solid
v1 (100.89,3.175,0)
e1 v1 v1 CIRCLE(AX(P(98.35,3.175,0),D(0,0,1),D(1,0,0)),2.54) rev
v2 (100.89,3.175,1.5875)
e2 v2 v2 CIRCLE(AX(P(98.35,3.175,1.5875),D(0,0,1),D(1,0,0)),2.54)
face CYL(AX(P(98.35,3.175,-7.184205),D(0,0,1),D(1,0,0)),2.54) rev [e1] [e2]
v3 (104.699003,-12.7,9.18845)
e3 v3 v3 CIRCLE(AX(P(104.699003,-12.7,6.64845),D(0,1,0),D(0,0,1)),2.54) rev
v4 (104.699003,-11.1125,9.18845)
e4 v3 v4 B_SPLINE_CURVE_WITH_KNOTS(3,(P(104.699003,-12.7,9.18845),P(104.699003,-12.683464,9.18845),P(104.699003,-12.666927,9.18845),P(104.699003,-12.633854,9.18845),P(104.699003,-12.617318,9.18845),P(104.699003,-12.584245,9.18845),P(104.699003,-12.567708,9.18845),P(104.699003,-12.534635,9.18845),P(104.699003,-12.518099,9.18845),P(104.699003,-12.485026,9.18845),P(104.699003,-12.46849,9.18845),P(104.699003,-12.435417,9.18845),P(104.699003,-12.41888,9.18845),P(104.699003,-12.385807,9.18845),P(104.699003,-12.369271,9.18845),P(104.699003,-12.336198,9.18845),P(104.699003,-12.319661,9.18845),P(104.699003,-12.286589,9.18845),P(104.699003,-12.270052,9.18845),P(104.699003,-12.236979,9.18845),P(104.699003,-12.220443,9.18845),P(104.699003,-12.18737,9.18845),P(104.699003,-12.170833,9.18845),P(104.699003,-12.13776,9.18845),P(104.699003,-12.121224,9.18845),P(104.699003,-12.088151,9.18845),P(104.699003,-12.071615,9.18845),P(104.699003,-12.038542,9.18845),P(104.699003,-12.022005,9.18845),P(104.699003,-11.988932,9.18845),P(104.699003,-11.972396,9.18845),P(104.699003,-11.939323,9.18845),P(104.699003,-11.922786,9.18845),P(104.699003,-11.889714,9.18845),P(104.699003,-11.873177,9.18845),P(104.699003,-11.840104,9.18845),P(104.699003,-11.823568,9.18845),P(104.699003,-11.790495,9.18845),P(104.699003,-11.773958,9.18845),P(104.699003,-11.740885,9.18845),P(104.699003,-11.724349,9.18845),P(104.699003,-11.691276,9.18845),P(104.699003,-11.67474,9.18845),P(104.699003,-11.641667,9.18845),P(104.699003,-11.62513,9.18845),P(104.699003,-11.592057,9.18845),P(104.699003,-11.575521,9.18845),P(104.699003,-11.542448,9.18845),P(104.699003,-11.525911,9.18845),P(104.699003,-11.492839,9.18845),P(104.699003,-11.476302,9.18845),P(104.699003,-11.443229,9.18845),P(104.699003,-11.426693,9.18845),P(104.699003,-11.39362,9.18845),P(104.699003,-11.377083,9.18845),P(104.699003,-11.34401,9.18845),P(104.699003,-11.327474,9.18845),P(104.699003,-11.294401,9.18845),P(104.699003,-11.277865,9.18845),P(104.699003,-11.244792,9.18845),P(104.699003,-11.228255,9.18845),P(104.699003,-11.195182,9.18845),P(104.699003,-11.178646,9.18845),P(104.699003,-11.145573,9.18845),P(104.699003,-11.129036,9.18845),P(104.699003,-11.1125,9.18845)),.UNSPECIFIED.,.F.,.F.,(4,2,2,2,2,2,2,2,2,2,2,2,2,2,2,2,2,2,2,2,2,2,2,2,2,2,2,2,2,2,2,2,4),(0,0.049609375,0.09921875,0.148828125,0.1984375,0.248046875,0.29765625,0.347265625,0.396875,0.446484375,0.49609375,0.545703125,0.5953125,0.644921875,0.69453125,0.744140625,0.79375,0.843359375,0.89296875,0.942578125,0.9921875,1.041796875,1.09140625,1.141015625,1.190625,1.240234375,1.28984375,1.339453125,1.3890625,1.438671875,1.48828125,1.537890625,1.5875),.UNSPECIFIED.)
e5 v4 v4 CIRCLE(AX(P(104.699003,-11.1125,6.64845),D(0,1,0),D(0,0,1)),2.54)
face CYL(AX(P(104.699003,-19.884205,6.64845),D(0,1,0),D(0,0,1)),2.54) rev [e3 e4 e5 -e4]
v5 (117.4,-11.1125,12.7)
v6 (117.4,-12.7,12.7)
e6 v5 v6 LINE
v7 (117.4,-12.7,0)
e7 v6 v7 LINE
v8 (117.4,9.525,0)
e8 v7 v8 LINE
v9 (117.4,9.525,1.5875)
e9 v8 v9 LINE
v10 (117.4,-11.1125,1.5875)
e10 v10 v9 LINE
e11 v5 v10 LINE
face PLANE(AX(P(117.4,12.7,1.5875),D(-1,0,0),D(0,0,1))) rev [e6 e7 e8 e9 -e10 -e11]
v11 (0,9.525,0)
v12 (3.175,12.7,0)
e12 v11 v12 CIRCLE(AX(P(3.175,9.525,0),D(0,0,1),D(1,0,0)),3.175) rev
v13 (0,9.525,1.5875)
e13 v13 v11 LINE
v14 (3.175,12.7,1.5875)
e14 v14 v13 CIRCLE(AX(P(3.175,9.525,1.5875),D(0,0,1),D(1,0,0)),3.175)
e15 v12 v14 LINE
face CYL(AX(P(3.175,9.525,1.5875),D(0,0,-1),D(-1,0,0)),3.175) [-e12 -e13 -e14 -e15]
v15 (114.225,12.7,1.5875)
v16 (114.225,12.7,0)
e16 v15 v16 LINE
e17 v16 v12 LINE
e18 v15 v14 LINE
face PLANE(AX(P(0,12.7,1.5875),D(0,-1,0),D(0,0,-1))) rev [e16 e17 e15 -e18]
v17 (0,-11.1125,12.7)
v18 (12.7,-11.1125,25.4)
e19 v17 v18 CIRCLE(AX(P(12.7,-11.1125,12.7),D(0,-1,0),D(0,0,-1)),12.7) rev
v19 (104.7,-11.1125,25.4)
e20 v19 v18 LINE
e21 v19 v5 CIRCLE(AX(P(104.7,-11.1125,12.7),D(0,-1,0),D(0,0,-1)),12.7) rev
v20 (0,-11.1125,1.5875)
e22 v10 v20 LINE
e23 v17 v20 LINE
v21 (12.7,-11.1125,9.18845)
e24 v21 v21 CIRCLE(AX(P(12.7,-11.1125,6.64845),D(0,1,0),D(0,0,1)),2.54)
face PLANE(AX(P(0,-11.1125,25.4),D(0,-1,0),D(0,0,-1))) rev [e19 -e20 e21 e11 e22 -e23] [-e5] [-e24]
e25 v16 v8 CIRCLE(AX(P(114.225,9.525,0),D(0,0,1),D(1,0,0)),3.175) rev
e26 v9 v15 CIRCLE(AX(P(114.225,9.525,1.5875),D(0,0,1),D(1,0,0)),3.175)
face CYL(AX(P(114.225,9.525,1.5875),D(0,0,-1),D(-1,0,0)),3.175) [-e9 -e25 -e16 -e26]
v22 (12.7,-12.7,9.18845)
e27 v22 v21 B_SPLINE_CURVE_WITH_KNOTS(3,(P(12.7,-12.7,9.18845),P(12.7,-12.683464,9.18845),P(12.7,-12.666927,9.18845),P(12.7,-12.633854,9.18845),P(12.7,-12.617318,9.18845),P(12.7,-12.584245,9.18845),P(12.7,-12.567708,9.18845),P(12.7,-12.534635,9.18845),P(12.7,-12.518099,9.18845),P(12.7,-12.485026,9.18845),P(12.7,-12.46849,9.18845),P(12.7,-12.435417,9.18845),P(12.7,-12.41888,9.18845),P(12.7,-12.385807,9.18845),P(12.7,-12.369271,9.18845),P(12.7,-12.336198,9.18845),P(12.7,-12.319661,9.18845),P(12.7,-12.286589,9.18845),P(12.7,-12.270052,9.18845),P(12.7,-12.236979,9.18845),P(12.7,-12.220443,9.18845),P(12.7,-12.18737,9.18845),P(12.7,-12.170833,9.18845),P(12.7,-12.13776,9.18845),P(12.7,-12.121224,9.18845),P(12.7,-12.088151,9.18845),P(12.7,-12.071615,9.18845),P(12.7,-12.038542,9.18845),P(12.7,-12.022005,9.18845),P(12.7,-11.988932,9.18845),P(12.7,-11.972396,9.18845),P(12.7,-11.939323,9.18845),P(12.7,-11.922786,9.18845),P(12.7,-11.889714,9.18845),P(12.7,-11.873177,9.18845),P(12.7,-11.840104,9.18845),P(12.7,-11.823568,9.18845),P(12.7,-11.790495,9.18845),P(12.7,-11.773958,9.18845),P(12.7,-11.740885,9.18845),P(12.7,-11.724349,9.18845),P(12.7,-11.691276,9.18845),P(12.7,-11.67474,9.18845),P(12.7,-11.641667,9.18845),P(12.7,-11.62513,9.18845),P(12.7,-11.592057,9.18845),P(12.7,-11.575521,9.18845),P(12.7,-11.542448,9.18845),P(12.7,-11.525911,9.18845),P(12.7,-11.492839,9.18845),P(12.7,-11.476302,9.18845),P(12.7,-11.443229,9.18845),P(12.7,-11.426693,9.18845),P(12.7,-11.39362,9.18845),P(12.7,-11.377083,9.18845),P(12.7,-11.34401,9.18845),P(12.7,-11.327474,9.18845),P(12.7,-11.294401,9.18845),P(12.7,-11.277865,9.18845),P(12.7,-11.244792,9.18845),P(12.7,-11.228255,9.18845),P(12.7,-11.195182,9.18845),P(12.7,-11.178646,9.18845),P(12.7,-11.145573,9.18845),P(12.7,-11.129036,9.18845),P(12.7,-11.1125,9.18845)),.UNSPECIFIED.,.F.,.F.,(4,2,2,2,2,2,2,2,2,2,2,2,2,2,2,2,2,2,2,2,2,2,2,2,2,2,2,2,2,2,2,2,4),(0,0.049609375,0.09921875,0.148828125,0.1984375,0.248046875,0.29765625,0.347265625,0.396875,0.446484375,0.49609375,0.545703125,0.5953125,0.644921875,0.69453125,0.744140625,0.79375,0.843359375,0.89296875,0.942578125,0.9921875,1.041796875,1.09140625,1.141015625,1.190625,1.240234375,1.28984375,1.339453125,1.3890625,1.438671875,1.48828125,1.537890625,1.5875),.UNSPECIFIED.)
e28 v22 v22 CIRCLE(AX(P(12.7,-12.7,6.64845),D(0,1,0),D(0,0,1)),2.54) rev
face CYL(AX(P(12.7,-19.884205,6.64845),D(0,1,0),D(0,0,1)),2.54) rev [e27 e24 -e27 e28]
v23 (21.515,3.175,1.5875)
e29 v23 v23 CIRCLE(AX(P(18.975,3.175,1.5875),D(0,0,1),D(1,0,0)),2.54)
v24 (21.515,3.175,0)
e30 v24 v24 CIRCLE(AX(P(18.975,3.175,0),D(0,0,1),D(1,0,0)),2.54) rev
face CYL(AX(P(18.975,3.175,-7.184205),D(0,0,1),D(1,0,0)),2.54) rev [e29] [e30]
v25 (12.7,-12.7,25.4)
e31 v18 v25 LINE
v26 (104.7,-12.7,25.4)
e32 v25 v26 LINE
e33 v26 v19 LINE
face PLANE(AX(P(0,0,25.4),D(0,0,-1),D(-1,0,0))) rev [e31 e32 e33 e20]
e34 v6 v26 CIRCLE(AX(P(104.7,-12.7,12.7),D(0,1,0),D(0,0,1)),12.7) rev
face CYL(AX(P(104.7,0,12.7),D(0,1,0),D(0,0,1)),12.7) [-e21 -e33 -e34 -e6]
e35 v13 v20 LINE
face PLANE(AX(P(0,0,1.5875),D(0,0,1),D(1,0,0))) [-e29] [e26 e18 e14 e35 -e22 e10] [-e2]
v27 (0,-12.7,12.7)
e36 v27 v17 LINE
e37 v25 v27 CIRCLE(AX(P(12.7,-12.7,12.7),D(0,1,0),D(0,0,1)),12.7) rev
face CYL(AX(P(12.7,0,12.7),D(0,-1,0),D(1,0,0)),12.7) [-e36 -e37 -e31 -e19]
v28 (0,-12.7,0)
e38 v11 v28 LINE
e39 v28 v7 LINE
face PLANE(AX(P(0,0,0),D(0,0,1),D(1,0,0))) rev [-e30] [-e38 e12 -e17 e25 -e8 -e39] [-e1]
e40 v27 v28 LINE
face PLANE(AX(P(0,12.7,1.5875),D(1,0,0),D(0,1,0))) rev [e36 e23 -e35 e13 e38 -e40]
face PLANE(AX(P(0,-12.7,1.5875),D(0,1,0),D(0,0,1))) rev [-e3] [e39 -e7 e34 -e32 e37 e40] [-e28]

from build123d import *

# Parameters (mm, degrees)
SKETCH1_W           = 117.4
SKETCH1_H           = 25.4
BOSS_EXTRUDE1_DEPTH = 1.5875
SKETCH2_W           = 117.4
SKETCH2_H           = 1.5875
BOSS_EXTRUDE2_DEPTH = 23.8125
SKETCH3_R           = 2.54
CUT_EXTRUDE1_DEPTH  = 1.5875
SKETCH4_R           = 2.54
CUT_EXTRUDE2_DEPTH  = 1.5875
FILLET1_R           = 12.7
FILLET2_R           = 3.175


with BuildPart() as part:
    # Sketch1 → Boss-Extrude1 (new body)
    with BuildSketch(Plane.XY):
        with Locations((58.7, 0)):
            Rectangle(SKETCH1_W, SKETCH1_H)
    extrude(amount=BOSS_EXTRUDE1_DEPTH)

    # Sketch2 → Boss-Extrude2 (add)
    with BuildSketch(Plane.XY.offset(1.5875)):
        with Locations((58.7, -11.90625)):
            Rectangle(SKETCH2_W, SKETCH2_H)
    extrude(amount=BOSS_EXTRUDE2_DEPTH)

    # Sketch3 → Cut-Extrude1 (cut)
    with BuildSketch(Plane(origin=(0, -11.1125, 0), x_dir=(1, 0, 0), z_dir=(0, 1, 0))):
        with Locations(Location((12.7, -6.64845, 0), (0, 0, 270))):
            Circle(SKETCH3_R)
        with Locations(Location((104.6990032, -6.64845, 0), (0, 0, 270))):
            Circle(SKETCH3_R)
    extrude(amount=-CUT_EXTRUDE1_DEPTH, mode=Mode.SUBTRACT)

    # Sketch4 → Cut-Extrude2 (cut)
    with BuildSketch(Plane.XY.offset(1.5875)):
        with Locations((18.975, 3.175)):
            Circle(SKETCH4_R)
        with Locations((98.35, 3.175)):
            Circle(SKETCH4_R)
    extrude(amount=-CUT_EXTRUDE2_DEPTH, mode=Mode.SUBTRACT)

    # Fillet1
    fillet1_edges = [part.edges().sort_by_distance(p)[0] for p in [
        (0, -11.90625, 25.4),
        (117.4, -11.90625, 25.4),
    ]]
    fillet(fillet1_edges, radius=FILLET1_R)

    # Fillet2
    fillet2_edges = [part.edges().sort_by_distance(p)[0] for p in [
        (0, 12.7, 0.79375),
        (117.4, 12.7, 0.79375),
    ]]
    fillet(fillet2_edges, radius=FILLET2_R)


solid = part.part
